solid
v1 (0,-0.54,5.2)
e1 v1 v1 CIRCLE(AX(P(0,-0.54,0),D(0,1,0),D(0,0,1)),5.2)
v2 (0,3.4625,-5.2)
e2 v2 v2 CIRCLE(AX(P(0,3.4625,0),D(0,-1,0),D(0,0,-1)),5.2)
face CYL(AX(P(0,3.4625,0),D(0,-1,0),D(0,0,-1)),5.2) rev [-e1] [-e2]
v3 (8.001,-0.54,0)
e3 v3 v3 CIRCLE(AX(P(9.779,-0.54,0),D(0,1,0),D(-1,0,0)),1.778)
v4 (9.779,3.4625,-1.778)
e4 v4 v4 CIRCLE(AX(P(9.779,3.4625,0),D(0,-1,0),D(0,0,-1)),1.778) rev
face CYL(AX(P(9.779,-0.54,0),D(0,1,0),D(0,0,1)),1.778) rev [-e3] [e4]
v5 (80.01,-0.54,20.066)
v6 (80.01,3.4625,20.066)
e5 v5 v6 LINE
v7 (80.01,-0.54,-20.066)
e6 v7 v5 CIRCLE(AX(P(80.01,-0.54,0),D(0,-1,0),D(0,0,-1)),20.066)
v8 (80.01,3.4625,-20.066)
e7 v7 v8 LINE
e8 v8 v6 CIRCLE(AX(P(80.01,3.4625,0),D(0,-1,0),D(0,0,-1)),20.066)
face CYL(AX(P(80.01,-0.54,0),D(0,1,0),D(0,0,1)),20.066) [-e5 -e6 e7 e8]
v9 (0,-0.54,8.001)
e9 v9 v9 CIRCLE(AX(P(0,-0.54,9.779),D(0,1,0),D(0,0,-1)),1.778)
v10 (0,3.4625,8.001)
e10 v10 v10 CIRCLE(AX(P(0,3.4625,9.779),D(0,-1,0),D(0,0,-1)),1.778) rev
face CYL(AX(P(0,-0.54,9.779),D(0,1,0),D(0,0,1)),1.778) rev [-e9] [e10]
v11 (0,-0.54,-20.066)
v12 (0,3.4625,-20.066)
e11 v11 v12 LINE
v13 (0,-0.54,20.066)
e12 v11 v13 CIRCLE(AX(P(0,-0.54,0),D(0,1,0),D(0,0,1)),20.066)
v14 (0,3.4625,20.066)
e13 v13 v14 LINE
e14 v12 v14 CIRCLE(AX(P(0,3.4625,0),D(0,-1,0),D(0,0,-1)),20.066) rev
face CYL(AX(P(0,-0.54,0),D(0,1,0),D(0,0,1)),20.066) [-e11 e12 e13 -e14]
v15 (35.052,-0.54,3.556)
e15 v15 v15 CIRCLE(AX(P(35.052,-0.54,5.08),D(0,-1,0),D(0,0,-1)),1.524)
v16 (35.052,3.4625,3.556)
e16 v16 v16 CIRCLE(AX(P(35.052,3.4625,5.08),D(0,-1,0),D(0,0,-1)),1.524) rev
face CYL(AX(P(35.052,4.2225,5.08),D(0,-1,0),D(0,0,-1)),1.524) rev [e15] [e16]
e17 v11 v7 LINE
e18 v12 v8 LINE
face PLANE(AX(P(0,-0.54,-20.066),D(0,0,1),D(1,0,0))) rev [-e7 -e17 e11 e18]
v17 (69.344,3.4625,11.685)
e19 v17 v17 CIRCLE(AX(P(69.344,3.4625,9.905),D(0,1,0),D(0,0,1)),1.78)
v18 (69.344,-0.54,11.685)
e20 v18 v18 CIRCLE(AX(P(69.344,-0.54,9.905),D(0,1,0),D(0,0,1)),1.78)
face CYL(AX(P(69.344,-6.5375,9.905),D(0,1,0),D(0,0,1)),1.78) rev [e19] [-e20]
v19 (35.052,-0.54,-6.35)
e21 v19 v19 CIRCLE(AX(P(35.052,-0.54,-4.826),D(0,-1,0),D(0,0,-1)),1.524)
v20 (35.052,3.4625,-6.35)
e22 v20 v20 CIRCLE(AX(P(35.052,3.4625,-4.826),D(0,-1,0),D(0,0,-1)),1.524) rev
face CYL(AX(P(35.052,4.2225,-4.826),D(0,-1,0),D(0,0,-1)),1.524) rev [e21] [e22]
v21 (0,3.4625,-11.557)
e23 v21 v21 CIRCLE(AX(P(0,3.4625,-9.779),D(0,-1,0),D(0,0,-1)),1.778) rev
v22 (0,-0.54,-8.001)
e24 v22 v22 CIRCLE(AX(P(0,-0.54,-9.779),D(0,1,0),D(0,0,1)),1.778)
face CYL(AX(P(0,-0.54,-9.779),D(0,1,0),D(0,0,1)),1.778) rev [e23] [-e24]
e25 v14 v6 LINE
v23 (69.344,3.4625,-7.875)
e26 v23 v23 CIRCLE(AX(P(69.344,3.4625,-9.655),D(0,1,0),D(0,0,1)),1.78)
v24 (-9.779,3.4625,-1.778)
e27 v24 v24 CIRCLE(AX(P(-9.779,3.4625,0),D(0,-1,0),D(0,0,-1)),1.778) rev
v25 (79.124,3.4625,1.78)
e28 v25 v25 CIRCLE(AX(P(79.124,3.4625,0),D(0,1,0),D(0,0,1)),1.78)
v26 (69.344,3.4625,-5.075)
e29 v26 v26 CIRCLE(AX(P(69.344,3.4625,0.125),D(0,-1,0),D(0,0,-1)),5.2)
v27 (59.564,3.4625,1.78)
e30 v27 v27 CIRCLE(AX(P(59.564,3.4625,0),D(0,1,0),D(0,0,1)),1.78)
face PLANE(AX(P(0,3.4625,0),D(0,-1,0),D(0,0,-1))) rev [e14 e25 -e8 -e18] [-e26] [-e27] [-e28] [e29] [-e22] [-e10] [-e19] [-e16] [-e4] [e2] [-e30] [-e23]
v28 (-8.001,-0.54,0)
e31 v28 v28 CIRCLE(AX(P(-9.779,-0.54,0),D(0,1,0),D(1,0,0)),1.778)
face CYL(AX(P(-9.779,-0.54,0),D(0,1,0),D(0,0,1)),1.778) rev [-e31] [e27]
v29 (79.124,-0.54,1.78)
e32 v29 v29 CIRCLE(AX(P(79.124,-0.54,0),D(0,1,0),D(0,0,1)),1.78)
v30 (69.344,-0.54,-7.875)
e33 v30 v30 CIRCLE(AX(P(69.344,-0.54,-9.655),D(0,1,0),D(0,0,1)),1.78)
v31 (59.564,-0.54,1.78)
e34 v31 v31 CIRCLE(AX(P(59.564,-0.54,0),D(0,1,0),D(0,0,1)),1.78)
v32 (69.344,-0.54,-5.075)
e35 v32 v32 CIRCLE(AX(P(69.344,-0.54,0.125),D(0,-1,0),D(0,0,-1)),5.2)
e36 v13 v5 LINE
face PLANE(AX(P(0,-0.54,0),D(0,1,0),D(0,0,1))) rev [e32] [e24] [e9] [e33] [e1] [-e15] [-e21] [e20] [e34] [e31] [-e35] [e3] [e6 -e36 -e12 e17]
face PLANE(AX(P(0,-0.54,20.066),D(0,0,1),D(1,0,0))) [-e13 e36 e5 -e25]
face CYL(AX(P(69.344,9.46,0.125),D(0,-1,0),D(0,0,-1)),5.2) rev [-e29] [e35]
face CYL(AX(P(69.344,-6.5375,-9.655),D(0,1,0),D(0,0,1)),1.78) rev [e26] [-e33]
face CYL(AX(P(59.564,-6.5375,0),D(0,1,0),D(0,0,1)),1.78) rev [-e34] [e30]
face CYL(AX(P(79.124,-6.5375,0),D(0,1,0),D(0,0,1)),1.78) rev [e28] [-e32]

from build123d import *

# Parameters (mm, degrees)
SKETCH1_R               = 0.5
SKETCH1_R_2             = 1.375
BOSS_EXTRUDE1_DEPTH     = 2
SKETCH4_R               = 4.6270037
SKETCH4_R_2             = 2.6270037
BOSS_EXTRUDE3_DEPTH     = 2.5
CUT_EXTRUDE3_DEPTH      = 2.5
SKETCH6_R               = 20.066
SKETCH6_R_2             = 3.75
BOSS_EXTRUDE6_DEPTH     = 2.54
SKETCH7_R               = 1.778
CUT_EXTRUDE4_DEPTH      = 2.54
CIRPATTERN1_COUNT       = 4
BOSS_EXTRU_1_DEPTH      = 2.2225
BOSS_EXTRU_1_DEPTH_BACK = 2.54
ESQUISSE3_R             = 20.066
ESQUISSE3_R_2           = 1.778
ESQUISSE3_R_3           = 1.375
BOSS_EXTRU_2_DEPTH      = 2.2225
ENL_V_MAT_EXTRU_1_REACH = 104.179
ESQUISSE4_W             = 40.894
ESQUISSE4_H             = 20.066
ESQUISSE5_R             = 1.524
ENL_V_MAT_EXTRU_2_DEPTH = 103.178919246
ESQUISSE6_W             = 129.807809177
ESQUISSE6_H             = 84.506546368
ENL_V_MAT_EXTRU_3_DEPTH = 0.76
ESQUISSE7_R             = 5.2
ENL_V_MAT_EXTRU_4_DEPTH = 103.241877615
ESQUISSE8_W             = 40.894
ESQUISSE8_H             = 20.066
BOSS_EXTRU_3_DEPTH      = 4.0025
ESQUISSE9_R             = 5.2
ENL_V_MAT_EXTRU_5_DEPTH = 10
ESQUISSE11_R            = 1.78
ENL_V_MAT_EXTRU_6_DEPTH = 10
ESQUISSE10_R            = 1.524
BOSS_EXTRU_4_DEPTH      = 4.0025


with BuildPart() as part:
    # Sketch1 → Boss-Extrude1 (new body)
    with BuildSketch(Plane(origin=(0, 0, 0), x_dir=(1, 0, 0), z_dir=(0, 1, 0))):
        with BuildLine():
            Line((-4, 4), (-2.467435953, 13.402193757))
            ThreePointArc((-2.467435953, 13.402193757), (0, 15.5), (2.467435953, 13.402193757))
            Line((2.467435953, 13.402193757), (4, 4))
            Line((4, 4), (12.448472752, 2.459445505))
            ThreePointArc((12.448472752, 2.459445505), (14.5, 0), (12.448472752, -2.459445505))
            Line((12.448472752, -2.459445505), (4, -4))
            Line((4, -4), (2.467435953, -13.402193757))
            ThreePointArc((2.467435953, -13.402193757), (0, -15.5), (-2.467435953, -13.402193757))
            Line((-2.467435953, -13.402193757), (-4, -4))
            Line((-4, -4), (-12.448472752, -2.459445505))
            ThreePointArc((-12.448472752, -2.459445505), (-14.5, 0), (-12.448472752, 2.459445505))
            Line((-12.448472752, 2.459445505), (-4, 4))
        make_face()
        with Locations(Location((0, 12, 0), (0, 0, 270))):
            Circle(SKETCH1_R, mode=Mode.SUBTRACT)
        with Locations(Location((0, 9.5, 0), (0, 0, 270))):
            Circle(SKETCH1_R, mode=Mode.SUBTRACT)
        with Locations(Location((0, 7.5, 0), (0, 0, 270))):
            Circle(SKETCH1_R, mode=Mode.SUBTRACT)
        with Locations(Location((12, 0, 0), (0, 0, 270))):
            Circle(SKETCH1_R, mode=Mode.SUBTRACT)
        with Locations(Location((9.5, 0, 0), (0, 0, 270))):
            Circle(SKETCH1_R, mode=Mode.SUBTRACT)
        with Locations(Location((7.5, 0, 0), (0, 0, 270))):
            Circle(SKETCH1_R, mode=Mode.SUBTRACT)
        with Locations(Location((0, -12, 0), (0, 0, 270))):
            Circle(SKETCH1_R, mode=Mode.SUBTRACT)
        with Locations(Location((0, -9.5, 0), (0, 0, 270))):
            Circle(SKETCH1_R, mode=Mode.SUBTRACT)
        with Locations(Location((0, -7.5, 0), (0, 0, 270))):
            Circle(SKETCH1_R, mode=Mode.SUBTRACT)
        with Locations(Location((-12, 0, 0), (0, 0, 270))):
            Circle(SKETCH1_R, mode=Mode.SUBTRACT)
        with Locations(Location((-9.5, 0, 0), (0, 0, 270))):
            Circle(SKETCH1_R, mode=Mode.SUBTRACT)
        with Locations(Location((-7.5, 0, 0), (0, 0, 270))):
            Circle(SKETCH1_R, mode=Mode.SUBTRACT)
        with Locations(Location((0, 0, 0), (0, 0, 270))):
            Circle(SKETCH1_R_2, mode=Mode.SUBTRACT)
    extrude(amount=BOSS_EXTRUDE1_DEPTH)

    # Sketch4 → Boss-Extrude3 (add)
    with BuildSketch(Plane.XZ):
        with Locations(Location((0, 0, 0), (0, 0, 90))):
            Circle(SKETCH4_R)
        with Locations(Location((0, 0, 0), (0, 0, 270))):
            Circle(SKETCH4_R_2, mode=Mode.SUBTRACT)
    extrude(amount=BOSS_EXTRUDE3_DEPTH)

    # Sketch5 → Cut-Extrude3 (cut)
    with BuildSketch(Plane.XZ.offset(2.5)):
        with BuildLine():
            Line((0.282820055, 2.611735296), (0, 3.101594))
            Line((0, 3.101594), (-0.282820055, 2.611735296))
            ThreePointArc((-0.282820055, 2.611735296), (-0.410953918, 2.594660925), (-0.538092735, 2.571304075))
            Line((-0.538092735, 2.571304075), (-0.958445256, 2.949791185))
            Line((-0.958445256, 2.949791185), (-1.076048447, 2.396511669))
            ThreePointArc((-1.076048447, 2.396511669), (-1.192634723, 2.340677436), (-1.306333259, 2.279175696))
            Line((-1.306333259, 2.279175696), (-1.823071212, 2.509242256))
            Line((-1.823071212, 2.509242256), (-1.76394572, 1.946700782))
            ThreePointArc((-1.76394572, 1.946700782), (-1.85757213, 1.85757213), (-1.946700782, 1.76394572))
            Line((-1.946700782, 1.76394572), (-2.509242256, 1.823071212))
            Line((-2.509242256, 1.823071212), (-2.279175696, 1.306333259))
            ThreePointArc((-2.279175696, 1.306333259), (-2.340677436, 1.192634723), (-2.396511669, 1.076048447))
            Line((-2.396511669, 1.076048447), (-2.949791185, 0.958445256))
            Line((-2.949791185, 0.958445256), (-2.571304075, 0.538092735))
            ThreePointArc((-2.571304075, 0.538092735), (-2.594660925, 0.410953918), (-2.611735296, 0.282820055))
            Line((-2.611735296, 0.282820055), (-3.101594, 0))
            Line((-3.101594, 0), (-2.611735296, -0.282820055))
            ThreePointArc((-2.611735296, -0.282820055), (-2.594660925, -0.410953918), (-2.571304075, -0.538092735))
            Line((-2.571304075, -0.538092735), (-2.949791185, -0.958445256))
            Line((-2.949791185, -0.958445256), (-2.396511669, -1.076048447))
            ThreePointArc((-2.396511669, -1.076048447), (-2.340677436, -1.192634723), (-2.279175696, -1.306333259))
            Line((-2.279175696, -1.306333259), (-2.509242256, -1.823071212))
            Line((-2.509242256, -1.823071212), (-1.946700782, -1.76394572))
            ThreePointArc((-1.946700782, -1.76394572), (-1.85757213, -1.85757213), (-1.76394572, -1.946700782))
            Line((-1.76394572, -1.946700782), (-1.823071212, -2.509242256))
            Line((-1.823071212, -2.509242256), (-1.306333259, -2.279175696))
            ThreePointArc((-1.306333259, -2.279175696), (-1.192634723, -2.340677436), (-1.076048447, -2.396511669))
            Line((-1.076048447, -2.396511669), (-0.958445256, -2.949791185))
            Line((-0.958445256, -2.949791185), (-0.538092735, -2.571304075))
            ThreePointArc((-0.538092735, -2.571304075), (-0.410953918, -2.594660925), (-0.282820055, -2.611735296))
            Line((-0.282820055, -2.611735296), (0, -3.101594))
            Line((0, -3.101594), (0.282820055, -2.611735296))
            ThreePointArc((0.282820055, -2.611735296), (0.410953918, -2.594660925), (0.538092735, -2.571304075))
            Line((0.538092735, -2.571304075), (0.958445256, -2.949791185))
            Line((0.958445256, -2.949791185), (1.076048447, -2.396511669))
            ThreePointArc((1.076048447, -2.396511669), (1.192634723, -2.340677436), (1.306333259, -2.279175696))
            Line((1.306333259, -2.279175696), (1.823071212, -2.509242256))
            Line((1.823071212, -2.509242256), (1.76394572, -1.946700782))
            ThreePointArc((1.76394572, -1.946700782), (1.85757213, -1.85757213), (1.946700782, -1.76394572))
            Line((1.946700782, -1.76394572), (2.509242256, -1.823071212))
            Line((2.509242256, -1.823071212), (2.279175696, -1.306333259))
            ThreePointArc((2.279175696, -1.306333259), (2.340677436, -1.192634723), (2.396511669, -1.076048447))
            Line((2.396511669, -1.076048447), (2.949791185, -0.958445256))
            Line((2.949791185, -0.958445256), (2.571304075, -0.538092735))
            ThreePointArc((2.571304075, -0.538092735), (2.594660925, -0.410953918), (2.611735296, -0.282820055))
            Line((2.611735296, -0.282820055), (3.101594, 0))
            Line((3.101594, 0), (2.611735296, 0.282820055))
            ThreePointArc((2.611735296, 0.282820055), (2.594660925, 0.410953918), (2.571304075, 0.538092735))
            Line((2.571304075, 0.538092735), (2.949791185, 0.958445256))
            Line((2.949791185, 0.958445256), (2.396511669, 1.076048447))
            ThreePointArc((2.396511669, 1.076048447), (2.340677436, 1.192634723), (2.279175696, 1.306333259))
            Line((2.279175696, 1.306333259), (2.509242256, 1.823071212))
            Line((2.509242256, 1.823071212), (1.946700782, 1.76394572))
            ThreePointArc((1.946700782, 1.76394572), (1.85757213, 1.85757213), (1.76394572, 1.946700782))
            Line((1.76394572, 1.946700782), (1.823071212, 2.509242256))
            Line((1.823071212, 2.509242256), (1.306333259, 2.279175696))
            ThreePointArc((1.306333259, 2.279175696), (1.192634723, 2.340677436), (1.076048447, 2.396511669))
            Line((1.076048447, 2.396511669), (0.958445256, 2.949791185))
            Line((0.958445256, 2.949791185), (0.538092735, 2.571304075))
            ThreePointArc((0.538092735, 2.571304075), (0.410953918, 2.594660925), (0.282820055, 2.611735296))
        make_face()
    extrude(amount=-CUT_EXTRUDE3_DEPTH, mode=Mode.SUBTRACT)

    # Sketch6 → Boss-Extrude6 (add)
    with BuildSketch(Plane(origin=(0, 2, 0), x_dir=(1, 0, 0), z_dir=(0, 1, 0))):
        with Locations(Location((0, 0, 0), (0, 0, 270))):
            Circle(SKETCH6_R)
        Circle(SKETCH6_R_2, mode=Mode.SUBTRACT)
    extrude(amount=-BOSS_EXTRUDE6_DEPTH)

    # Sketch7 → Cut-Extrude4 (cut)
    with BuildSketch(Plane(origin=(0, 2, 0), x_dir=(1, 0, 0), z_dir=(0, 1, 0))):
        with Locations(Location((0, 9.779, 0), (0, 0, 270))):
            Circle(SKETCH7_R)
    cut_extrude4 = extrude(amount=-CUT_EXTRUDE4_DEPTH, mode=Mode.SUBTRACT)

    # CirPattern1: Cut-Extrude4 ×4 about axis
    cirpattern1_axis = Axis((0, 0, 0), (0, 1, 0))
    for i in range(1, CIRPATTERN1_COUNT):
        add(cut_extrude4.rotate(cirpattern1_axis, i * 360 / CIRPATTERN1_COUNT), mode=Mode.SUBTRACT)

    # Esquisse1 → Boss.-Extru.1 (add, two sides)
    with BuildSketch(Plane(origin=(0, 2, 0), x_dir=(1, 0, 0), z_dir=(0, 1, 0))) as boss_extru_1_sk:
        with BuildLine():
            Line((0, 20.066), (80.01, 20.066))
            ThreePointArc((80.01, 20.066), (100.076, 0), (80.01, -20.066))
            Line((80.01, -20.066), (0, -20.066))
            ThreePointArc((0, -20.066), (20.066, 0), (0, 20.066))
        make_face()
    extrude(amount=BOSS_EXTRU_1_DEPTH)
    extrude(boss_extru_1_sk.sketch, amount=-BOSS_EXTRU_1_DEPTH_BACK)

    # Esquisse3 → Boss.-Extru.2 (add)
    with BuildSketch(Plane(origin=(0, 2, 0), x_dir=(1, 0, 0), z_dir=(0, 1, 0))):
        Circle(ESQUISSE3_R)
        with Locations(Location((9.779, 0, 0), (0, 0, 270))):
            Circle(ESQUISSE3_R_2, mode=Mode.SUBTRACT)
        with Locations(Location((0, 9.779, 0), (0, 0, 270))):
            Circle(ESQUISSE3_R_2, mode=Mode.SUBTRACT)
        with Locations(Location((-9.779, 0, 0), (0, 0, 270))):
            Circle(ESQUISSE3_R_2, mode=Mode.SUBTRACT)
        with Locations(Location((0, -9.779, 0), (0, 0, 270))):
            Circle(ESQUISSE3_R_2, mode=Mode.SUBTRACT)
        with Locations(Location((0, 0, 0), (0, 0, 270))):
            Circle(ESQUISSE3_R_3, mode=Mode.SUBTRACT)
    extrude(amount=BOSS_EXTRU_2_DEPTH)

    # Esquisse4 → Enlèv. mat.-Extru.1 (cut, up to next)
    with BuildSketch(Plane.XZ.offset(0.54), mode=Mode.PRIVATE) as enl_v_mat_extru_1_sk1:
        with Locations((59.563, 0.127)):
            Rectangle(ESQUISSE4_W, ESQUISSE4_H)
    enl_v_mat_extru_1_tool1 = extrude(enl_v_mat_extru_1_sk1.sketch, amount=-ENL_V_MAT_EXTRU_1_REACH, mode=Mode.PRIVATE) & part.part
    add(enl_v_mat_extru_1_tool1.solids().sort_by_distance((59.563, -0.54, 0.127))[0], mode=Mode.SUBTRACT)

    # Esquisse5 → Enlèv. mat.-Extru.2 (cut, through all)
    with BuildSketch(Plane(origin=(0, -0.54, 0), x_dir=(-1, 0, 0), z_dir=(0, -1, 0))):
        with Locations(Location((-35.052, -5.08, 0), (0, 0, 90))):
            Circle(ESQUISSE5_R)
        with Locations(Location((-35.052, 4.826, 0), (0, 0, 90))):
            Circle(ESQUISSE5_R)
        with Locations(Location((-84.074, -5.08, 0), (0, 0, 90))):
            Circle(ESQUISSE5_R)
        with Locations(Location((-84.074, 4.826, 0), (0, 0, 90))):
            Circle(ESQUISSE5_R)
    extrude(amount=-ENL_V_MAT_EXTRU_2_DEPTH, mode=Mode.SUBTRACT)

    # Esquisse6 → Enlèv. mat.-Extru.3 (cut)
    with BuildSketch(Plane(origin=(0, 4.2225, 0), x_dir=(1, 0, 0), z_dir=(0, 1, 0))):
        with Locations((40.86254749, 2.128524174)):
            Rectangle(ESQUISSE6_W, ESQUISSE6_H)
    extrude(amount=-ENL_V_MAT_EXTRU_3_DEPTH, mode=Mode.SUBTRACT)

    # Esquisse7 → Enlèv. mat.-Extru.4 (cut, through all)
    with BuildSketch(Plane(origin=(0, -2.5, 0), x_dir=(-1, 0, 0), z_dir=(0, -1, 0))):
        with Locations(Location((0, 0, 0), (0, 0, 90))):
            Circle(ESQUISSE7_R)
    extrude(amount=-ENL_V_MAT_EXTRU_4_DEPTH, mode=Mode.SUBTRACT)

    # Esquisse8 → Boss.-Extru.3 (add, through all)
    with BuildSketch(Plane(origin=(0, -0.54, 0), x_dir=(-1, 0, 0), z_dir=(0, -1, 0))):
        with Locations((-59.563, -0.127)):
            Rectangle(ESQUISSE8_W, ESQUISSE8_H)
    extrude(amount=-BOSS_EXTRU_3_DEPTH)

    # Esquisse9 → Enlèv. mat.-Extru.5 (cut)
    with BuildSketch(Plane(origin=(0, -0.54, 0), x_dir=(-1, 0, 0), z_dir=(0, -1, 0))):
        with Locations(Location((-69.344, -0.125, 0), (0, 0, 90))):
            Circle(ESQUISSE9_R)
    extrude(amount=-ENL_V_MAT_EXTRU_5_DEPTH, mode=Mode.SUBTRACT)

    # Esquisse11 → Enlèv. mat.-Extru.6 (cut)
    with BuildSketch(Plane(origin=(0, 3.4625, 0), x_dir=(1, 0, 0), z_dir=(0, 1, 0))):
        with Locations(Location((69.344, 9.655, 0), (0, 0, 270))):
            Circle(ESQUISSE11_R)
        with Locations(Location((69.344, -9.905, 0), (0, 0, 270))):
            Circle(ESQUISSE11_R)
        with Locations(Location((59.564, 0, 0), (0, 0, 270))):
            Circle(ESQUISSE11_R)
        with Locations(Location((79.124, 0, 0), (0, 0, 270))):
            Circle(ESQUISSE11_R)
    extrude(amount=-ENL_V_MAT_EXTRU_6_DEPTH, mode=Mode.SUBTRACT)

    # Esquisse10 → Boss.-Extru.4 (add, through all)
    with BuildSketch(Plane(origin=(0, 3.4625, 0), x_dir=(1, 0, 0), z_dir=(0, 1, 0))):
        with Locations((84.074, 4.826)):
            Circle(ESQUISSE10_R)
        with Locations((84.074, -5.08)):
            Circle(ESQUISSE10_R)
    extrude(amount=-BOSS_EXTRU_4_DEPTH)


solid = part.part
